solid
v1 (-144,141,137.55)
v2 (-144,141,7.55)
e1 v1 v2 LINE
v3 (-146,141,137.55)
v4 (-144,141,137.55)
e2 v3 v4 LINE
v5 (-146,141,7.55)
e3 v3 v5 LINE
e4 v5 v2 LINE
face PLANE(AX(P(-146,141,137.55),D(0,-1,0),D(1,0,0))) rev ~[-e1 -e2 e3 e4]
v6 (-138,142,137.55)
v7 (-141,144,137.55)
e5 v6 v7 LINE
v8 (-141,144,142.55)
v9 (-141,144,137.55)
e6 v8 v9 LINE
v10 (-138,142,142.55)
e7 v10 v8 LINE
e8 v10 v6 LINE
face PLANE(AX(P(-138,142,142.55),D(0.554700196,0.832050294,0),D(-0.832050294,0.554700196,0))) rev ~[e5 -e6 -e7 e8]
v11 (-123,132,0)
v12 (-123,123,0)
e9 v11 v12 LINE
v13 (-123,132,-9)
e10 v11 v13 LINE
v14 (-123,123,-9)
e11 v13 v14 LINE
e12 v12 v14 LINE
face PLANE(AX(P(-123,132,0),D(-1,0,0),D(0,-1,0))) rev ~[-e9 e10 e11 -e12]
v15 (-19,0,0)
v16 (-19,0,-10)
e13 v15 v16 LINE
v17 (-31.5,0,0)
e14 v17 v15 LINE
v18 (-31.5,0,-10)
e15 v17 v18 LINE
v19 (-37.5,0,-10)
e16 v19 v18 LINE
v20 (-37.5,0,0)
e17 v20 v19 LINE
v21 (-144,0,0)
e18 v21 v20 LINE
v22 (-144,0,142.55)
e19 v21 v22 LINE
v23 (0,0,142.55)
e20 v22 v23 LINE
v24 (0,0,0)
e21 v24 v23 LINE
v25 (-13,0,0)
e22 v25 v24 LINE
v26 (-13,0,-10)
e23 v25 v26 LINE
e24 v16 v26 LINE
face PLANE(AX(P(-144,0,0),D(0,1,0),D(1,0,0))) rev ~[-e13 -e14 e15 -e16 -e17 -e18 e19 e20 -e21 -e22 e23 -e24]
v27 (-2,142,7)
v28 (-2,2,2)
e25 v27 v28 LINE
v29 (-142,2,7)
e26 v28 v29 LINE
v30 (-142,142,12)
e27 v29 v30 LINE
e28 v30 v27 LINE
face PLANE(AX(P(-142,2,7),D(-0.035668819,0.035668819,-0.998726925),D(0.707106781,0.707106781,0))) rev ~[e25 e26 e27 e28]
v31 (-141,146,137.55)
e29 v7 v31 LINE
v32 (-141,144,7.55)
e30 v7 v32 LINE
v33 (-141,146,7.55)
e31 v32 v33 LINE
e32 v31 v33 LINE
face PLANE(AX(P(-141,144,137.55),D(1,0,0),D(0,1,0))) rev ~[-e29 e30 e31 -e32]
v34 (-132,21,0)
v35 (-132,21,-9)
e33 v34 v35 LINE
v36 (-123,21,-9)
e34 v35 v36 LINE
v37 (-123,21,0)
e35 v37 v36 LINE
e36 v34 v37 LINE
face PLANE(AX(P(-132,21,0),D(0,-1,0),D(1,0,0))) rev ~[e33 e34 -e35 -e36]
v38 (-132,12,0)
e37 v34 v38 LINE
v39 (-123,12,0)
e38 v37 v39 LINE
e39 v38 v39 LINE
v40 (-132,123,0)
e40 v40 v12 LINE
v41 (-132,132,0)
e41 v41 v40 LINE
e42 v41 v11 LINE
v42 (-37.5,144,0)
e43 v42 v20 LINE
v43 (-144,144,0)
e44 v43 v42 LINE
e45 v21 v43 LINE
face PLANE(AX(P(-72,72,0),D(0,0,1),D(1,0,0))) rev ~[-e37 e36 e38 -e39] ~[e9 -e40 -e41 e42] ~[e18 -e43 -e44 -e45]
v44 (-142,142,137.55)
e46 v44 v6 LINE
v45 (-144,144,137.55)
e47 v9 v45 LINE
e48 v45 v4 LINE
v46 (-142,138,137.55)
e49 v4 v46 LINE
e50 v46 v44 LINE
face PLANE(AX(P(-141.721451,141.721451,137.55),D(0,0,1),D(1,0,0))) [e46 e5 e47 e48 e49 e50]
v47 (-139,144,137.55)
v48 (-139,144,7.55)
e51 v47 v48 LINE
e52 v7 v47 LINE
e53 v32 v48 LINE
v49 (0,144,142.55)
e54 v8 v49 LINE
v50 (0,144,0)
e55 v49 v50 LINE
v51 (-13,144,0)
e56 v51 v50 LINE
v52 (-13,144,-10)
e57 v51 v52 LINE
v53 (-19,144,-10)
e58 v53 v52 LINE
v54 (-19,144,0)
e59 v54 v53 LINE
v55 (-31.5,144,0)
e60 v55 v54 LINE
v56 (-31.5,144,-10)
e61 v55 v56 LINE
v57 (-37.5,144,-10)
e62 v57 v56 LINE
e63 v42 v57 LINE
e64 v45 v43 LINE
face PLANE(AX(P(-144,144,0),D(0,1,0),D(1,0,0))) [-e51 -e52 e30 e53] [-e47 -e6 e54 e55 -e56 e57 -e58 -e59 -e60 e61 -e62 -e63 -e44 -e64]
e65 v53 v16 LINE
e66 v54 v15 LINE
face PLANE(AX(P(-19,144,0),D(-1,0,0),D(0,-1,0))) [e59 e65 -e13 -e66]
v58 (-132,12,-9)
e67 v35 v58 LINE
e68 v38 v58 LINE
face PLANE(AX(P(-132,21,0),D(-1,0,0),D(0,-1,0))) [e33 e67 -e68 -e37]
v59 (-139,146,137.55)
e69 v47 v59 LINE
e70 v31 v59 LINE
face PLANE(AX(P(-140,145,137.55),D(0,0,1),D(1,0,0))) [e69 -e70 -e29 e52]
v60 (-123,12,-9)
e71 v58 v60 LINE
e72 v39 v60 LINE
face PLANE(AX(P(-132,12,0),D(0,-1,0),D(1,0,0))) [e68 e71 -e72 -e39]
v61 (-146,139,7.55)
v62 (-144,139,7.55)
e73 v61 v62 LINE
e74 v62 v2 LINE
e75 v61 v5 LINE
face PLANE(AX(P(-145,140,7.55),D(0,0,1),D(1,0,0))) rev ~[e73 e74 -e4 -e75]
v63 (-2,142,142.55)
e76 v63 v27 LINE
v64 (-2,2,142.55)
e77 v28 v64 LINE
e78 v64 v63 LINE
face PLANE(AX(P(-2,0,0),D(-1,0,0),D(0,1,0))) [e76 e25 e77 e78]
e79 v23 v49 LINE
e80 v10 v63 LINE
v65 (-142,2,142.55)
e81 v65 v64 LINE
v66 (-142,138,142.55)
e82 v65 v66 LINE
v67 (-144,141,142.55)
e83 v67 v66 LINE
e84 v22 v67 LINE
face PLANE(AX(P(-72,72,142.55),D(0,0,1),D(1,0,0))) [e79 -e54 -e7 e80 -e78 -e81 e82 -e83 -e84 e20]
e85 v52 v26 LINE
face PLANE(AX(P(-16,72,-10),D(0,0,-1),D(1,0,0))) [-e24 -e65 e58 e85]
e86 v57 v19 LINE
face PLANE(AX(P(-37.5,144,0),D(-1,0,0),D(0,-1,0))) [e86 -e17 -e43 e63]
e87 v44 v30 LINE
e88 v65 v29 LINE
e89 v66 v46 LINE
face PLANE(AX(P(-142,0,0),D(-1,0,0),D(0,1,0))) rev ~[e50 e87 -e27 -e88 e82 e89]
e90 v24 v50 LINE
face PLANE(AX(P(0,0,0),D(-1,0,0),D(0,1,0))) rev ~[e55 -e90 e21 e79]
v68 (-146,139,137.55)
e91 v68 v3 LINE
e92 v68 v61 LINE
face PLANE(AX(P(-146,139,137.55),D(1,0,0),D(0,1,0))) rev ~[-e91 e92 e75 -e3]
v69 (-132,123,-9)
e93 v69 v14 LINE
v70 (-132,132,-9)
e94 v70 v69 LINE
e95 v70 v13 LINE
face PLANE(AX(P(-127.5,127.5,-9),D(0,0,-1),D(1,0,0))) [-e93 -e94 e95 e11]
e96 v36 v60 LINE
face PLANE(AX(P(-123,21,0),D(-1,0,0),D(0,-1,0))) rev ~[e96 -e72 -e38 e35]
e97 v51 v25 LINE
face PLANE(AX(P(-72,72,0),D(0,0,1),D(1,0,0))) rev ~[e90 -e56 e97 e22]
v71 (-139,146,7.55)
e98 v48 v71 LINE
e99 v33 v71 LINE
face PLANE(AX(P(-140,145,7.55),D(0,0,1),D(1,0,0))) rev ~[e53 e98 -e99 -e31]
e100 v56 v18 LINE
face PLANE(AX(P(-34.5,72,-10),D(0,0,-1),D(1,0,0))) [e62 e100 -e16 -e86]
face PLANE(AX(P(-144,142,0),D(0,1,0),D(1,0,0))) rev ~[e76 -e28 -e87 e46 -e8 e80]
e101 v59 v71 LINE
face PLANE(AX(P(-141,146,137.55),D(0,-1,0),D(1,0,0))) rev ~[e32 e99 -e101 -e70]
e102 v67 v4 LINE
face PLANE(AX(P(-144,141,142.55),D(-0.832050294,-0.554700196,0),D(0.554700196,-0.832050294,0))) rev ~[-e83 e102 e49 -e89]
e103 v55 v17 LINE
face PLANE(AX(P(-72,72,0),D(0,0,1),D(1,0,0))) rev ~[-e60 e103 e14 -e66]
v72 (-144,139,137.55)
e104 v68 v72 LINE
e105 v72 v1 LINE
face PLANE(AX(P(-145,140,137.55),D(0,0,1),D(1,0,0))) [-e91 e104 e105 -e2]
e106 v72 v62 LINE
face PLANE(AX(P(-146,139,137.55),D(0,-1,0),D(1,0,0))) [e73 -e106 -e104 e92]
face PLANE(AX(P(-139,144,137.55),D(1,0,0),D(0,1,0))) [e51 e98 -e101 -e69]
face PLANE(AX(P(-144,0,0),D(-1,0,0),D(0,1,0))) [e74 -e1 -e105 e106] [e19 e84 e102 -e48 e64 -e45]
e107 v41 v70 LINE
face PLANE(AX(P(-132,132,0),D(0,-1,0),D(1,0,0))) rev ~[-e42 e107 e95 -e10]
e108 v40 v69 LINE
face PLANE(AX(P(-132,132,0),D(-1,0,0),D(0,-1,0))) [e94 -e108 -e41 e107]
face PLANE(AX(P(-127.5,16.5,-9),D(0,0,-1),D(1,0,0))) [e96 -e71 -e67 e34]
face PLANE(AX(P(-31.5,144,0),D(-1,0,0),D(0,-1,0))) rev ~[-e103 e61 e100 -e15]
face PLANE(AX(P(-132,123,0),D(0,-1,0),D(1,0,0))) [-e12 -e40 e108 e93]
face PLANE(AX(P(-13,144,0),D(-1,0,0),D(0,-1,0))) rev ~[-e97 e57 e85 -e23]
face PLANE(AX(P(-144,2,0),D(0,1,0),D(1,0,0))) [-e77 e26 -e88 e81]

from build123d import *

# Parameters (mm, degrees)
F0_W      = 144
F0_H      = 144
F1_DEPTH  = 25
F2_DEPTH  = 142.55
F3_T      = -2
F1_FACE_W = 144
F1_FACE_H = 144
F11_DEPTH = 5
F12_W     = 2
F12_H     = 2
F13_DEPTH = 130
F14_W     = 6
F14_H     = 144
F15_DEPTH = 10
F16_W     = 9
F16_H     = 9
F17_DEPTH = 9


with BuildPart() as f1:
    # F0 (on Top) → F1 (new body)
    with BuildSketch(Plane.XY):
        with Locations((-72, 72)):
            Rectangle(F0_W, F0_H)
    extrude(amount=F1_DEPTH)

    # F0 (on Top) → F2 (join)
    with BuildSketch(Plane.XY):
        with Locations((-72, 72)):
            Rectangle(F0_W, F0_H)
    extrude(amount=F2_DEPTH)

    # F3
    f3_openings = [f1.faces().sort_by_distance(p)[0] for p in [
        (-72, 72, 142.55),
    ]]
    offset(amount=F3_T, openings=f3_openings)

    # F1_face (on face) → F9 section 0
    with BuildSketch(Plane(origin=(-72, 72, 0), x_dir=(1, 0, 0), z_dir=(0, 0, -1))):
        Rectangle(F1_FACE_W, F1_FACE_H)
    # F8 (on 3pt) → F9 section 1
    with BuildSketch(Plane(origin=(0.0661577608, -0.0661577608, 1.8524173028), x_dir=(0.9993636652, 0.0012730747, -0.0356460925), z_dir=(-0.0356688188, 0.0356688188, -0.998726925))):
        Polygon((-2.067473366, -142.1593660309), (-2.067473366, -2.0701087697), (-142.1566169599, -2.2485664223), (-142.1566169599, -142.3378236835), align=None)
    loft()

    # F10 (on face) → F11 (cut)
    with BuildSketch(Plane.XY.offset(142.55)):
        Polygon((-142, 142), (-138, 142), (-141, 144), (-144, 144), (-144, 141), (-142, 138), align=None)
    extrude(amount=-F11_DEPTH, mode=Mode.SUBTRACT)

    # F12 (on face) → F13 (join)
    with BuildSketch(Plane.XY.offset(137.55)):
        with Locations((-140, 145)):
            Rectangle(F12_W, F12_H)
        with Locations((-145, 140)):
            Rectangle(F12_W, F12_H)
    extrude(amount=-F13_DEPTH)

    # F14 (on face) → F15 (join)
    with BuildSketch(Plane(origin=(0, 0, 0), x_dir=(1, 0, 0), z_dir=(0, 0, -1))):
        with Locations((-16, -72)):
            Rectangle(F14_W, F14_H)
        with Locations((-34.5, -72)):
            Rectangle(F14_W, F14_H)
    extrude(amount=F15_DEPTH)

    # F16 (on face) → F17 (join)
    with BuildSketch(Plane(origin=(0, 0, 0), x_dir=(1, 0, 0), z_dir=(0, 0, -1))):
        with Locations((-127.5, -127.5)):
            Rectangle(F16_W, F16_H)
        with Locations((-127.5, -16.5)):
            Rectangle(F16_W, F16_H)
    extrude(amount=F17_DEPTH)


solid = f1.part
